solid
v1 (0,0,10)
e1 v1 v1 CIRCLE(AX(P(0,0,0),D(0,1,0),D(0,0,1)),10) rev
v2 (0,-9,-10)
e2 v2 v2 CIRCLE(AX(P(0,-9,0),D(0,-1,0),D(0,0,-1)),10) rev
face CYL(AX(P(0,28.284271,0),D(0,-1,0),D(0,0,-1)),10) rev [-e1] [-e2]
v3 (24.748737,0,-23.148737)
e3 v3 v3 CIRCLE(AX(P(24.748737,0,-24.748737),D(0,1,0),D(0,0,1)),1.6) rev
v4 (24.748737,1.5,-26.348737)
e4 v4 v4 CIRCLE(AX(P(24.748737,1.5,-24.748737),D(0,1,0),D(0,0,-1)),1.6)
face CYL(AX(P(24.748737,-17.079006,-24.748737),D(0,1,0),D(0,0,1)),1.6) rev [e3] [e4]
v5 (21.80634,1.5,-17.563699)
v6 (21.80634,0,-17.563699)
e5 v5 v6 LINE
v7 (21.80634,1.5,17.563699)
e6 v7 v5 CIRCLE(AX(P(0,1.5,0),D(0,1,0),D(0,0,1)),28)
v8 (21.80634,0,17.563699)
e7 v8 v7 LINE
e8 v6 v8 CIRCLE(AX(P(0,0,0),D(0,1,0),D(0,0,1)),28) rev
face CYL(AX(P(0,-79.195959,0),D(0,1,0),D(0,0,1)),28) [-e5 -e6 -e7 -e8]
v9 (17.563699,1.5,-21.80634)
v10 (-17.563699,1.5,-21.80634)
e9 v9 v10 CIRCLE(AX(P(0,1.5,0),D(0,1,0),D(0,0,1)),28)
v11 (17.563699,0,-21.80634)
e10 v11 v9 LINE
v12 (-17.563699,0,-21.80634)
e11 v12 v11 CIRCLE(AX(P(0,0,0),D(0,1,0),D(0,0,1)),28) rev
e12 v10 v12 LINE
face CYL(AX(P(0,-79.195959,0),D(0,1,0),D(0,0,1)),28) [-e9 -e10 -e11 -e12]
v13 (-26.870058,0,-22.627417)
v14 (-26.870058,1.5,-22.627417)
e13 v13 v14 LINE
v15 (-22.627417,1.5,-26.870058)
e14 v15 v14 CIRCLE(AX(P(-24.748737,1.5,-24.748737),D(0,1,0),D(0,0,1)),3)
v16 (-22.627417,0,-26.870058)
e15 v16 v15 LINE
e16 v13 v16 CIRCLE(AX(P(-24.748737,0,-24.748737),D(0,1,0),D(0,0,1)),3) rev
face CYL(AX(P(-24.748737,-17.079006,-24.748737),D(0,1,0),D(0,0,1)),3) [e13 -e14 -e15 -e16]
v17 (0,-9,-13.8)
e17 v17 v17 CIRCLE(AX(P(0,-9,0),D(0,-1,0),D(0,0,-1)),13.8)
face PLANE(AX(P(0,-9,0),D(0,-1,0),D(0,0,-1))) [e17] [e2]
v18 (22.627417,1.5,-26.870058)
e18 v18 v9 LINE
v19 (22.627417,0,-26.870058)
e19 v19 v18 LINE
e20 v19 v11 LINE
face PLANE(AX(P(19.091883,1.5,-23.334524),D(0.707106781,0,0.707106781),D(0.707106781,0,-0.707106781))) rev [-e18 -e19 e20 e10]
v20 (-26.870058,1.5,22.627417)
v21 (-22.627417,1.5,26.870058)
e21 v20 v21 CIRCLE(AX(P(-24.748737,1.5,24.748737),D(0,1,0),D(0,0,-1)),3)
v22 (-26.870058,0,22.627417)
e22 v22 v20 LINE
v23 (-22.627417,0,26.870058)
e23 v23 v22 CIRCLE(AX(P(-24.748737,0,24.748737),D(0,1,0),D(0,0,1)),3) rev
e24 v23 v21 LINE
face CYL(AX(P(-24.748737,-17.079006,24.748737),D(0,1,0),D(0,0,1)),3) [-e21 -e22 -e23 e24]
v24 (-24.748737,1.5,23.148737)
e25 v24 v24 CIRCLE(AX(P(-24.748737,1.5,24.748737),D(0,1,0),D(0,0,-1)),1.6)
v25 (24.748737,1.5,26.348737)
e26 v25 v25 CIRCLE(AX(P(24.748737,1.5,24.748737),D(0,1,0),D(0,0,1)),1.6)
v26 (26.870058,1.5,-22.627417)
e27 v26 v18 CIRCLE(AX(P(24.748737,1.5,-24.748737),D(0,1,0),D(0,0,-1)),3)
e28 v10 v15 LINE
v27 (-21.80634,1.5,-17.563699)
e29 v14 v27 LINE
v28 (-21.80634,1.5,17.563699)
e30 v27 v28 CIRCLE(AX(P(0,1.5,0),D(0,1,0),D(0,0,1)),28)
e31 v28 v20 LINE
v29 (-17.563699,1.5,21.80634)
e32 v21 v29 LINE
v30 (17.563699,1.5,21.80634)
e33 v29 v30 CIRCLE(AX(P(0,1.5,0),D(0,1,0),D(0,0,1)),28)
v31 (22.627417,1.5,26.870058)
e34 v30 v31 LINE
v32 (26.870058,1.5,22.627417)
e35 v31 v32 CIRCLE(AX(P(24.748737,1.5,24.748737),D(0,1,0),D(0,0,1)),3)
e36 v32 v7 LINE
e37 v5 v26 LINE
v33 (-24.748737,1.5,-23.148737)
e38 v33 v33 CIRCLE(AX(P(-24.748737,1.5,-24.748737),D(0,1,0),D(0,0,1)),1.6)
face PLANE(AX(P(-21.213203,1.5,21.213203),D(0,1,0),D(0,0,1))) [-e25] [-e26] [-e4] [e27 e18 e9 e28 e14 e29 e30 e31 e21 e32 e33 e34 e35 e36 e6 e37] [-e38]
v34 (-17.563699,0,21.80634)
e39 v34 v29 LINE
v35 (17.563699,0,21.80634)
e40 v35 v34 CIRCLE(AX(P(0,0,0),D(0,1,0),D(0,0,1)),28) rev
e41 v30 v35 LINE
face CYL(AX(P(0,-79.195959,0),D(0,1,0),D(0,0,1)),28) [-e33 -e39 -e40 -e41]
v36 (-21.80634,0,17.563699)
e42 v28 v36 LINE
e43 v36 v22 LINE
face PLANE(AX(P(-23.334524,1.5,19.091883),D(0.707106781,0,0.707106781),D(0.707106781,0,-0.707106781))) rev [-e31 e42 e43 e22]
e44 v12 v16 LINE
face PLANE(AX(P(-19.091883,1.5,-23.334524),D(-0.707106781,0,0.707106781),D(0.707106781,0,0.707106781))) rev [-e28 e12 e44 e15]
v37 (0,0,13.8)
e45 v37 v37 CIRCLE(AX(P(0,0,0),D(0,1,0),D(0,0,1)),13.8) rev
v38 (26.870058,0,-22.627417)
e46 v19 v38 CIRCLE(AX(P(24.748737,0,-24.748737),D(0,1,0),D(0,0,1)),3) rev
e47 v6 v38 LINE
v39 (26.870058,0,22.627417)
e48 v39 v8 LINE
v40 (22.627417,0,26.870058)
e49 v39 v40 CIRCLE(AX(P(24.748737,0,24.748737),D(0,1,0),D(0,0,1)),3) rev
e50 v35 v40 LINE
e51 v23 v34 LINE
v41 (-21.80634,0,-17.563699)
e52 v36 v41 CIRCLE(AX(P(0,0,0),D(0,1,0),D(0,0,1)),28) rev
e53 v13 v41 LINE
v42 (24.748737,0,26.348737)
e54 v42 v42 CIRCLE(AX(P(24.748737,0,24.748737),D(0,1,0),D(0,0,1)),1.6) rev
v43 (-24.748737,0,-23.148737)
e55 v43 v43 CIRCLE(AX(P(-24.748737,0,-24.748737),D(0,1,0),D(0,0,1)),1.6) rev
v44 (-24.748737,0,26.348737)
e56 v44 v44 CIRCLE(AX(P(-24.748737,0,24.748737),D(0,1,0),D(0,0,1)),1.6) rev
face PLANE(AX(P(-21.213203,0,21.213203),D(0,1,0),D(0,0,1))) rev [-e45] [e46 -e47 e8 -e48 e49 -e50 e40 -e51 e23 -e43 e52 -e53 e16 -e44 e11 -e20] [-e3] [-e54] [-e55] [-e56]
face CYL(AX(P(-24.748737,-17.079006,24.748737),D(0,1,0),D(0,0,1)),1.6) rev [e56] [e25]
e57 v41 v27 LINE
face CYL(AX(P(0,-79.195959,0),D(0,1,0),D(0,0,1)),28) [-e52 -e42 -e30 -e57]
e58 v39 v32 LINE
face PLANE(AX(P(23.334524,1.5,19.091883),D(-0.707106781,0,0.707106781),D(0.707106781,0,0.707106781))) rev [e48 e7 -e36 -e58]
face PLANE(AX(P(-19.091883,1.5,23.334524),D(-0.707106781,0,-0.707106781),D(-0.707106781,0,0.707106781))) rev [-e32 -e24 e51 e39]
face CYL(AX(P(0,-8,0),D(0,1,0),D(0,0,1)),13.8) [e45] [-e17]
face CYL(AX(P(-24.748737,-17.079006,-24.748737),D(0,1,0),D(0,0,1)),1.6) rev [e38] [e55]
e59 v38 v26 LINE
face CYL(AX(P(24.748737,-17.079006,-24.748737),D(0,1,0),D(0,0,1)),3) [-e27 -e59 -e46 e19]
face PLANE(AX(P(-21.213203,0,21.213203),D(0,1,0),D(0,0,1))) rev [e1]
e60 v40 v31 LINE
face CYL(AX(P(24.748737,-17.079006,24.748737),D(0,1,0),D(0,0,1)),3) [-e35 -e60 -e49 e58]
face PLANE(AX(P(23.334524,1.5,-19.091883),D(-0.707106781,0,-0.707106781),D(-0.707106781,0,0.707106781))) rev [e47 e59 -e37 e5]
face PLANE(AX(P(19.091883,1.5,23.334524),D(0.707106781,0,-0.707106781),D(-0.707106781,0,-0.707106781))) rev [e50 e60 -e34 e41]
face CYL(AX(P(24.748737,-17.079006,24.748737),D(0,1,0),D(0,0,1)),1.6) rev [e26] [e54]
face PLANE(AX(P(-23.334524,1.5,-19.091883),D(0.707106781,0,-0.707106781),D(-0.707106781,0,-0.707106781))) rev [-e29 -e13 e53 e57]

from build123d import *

# Parameters (mm, degrees)
SKETCH1_R                = 1.6
BOSS_EXTRUDE1_DEPTH      = 1.5
FILLET1_R                = 2
SKETCH2_R                = 4
BOSS_EXTRUDE2_DEPTH      = 5
SKETCH5_R                = 13.8
BOSS_EXTRUDE4_DEPTH      = 3
BOSS_EXTRUDE4_DEPTH_BACK = 5
SKETCH6_R                = 10
CUT_EXTRUDE2_DEPTH       = 8
SKETCH3_R                = 1.6
BOSS_EXTRUDE5_DEPTH      = 1.5
SKETCH7_R                = 13.8
SKETCH7_R_2              = 10
BOSS_EXTRUDE6_DEPTH      = 5
SKETCH8_R                = 13.8
CUT_EXTRUDE3_DEPTH       = 3
SKETCH9_R                = 13.8
CUT_EXTRUDE4_DEPTH       = 1
SKETCH10_R               = 28
BOSS_EXTRUDE7_DEPTH      = 1.5


with BuildPart() as part:
    # Sketch1 → Boss-Extrude1 (new body)
    with BuildSketch(Plane(origin=(0, 0, 0), x_dir=(1, 0, 0), z_dir=(0, 1, 0))):
        with BuildLine():
            Line((-23.334523779, -19.091883092), (-20.383302711, -16.140662024))
            ThreePointArc((-20.383302711, -16.140662024), (-26, 0), (-20.383302711, 16.140662024))
            Line((-20.383302711, 16.140662024), (-23.334523779, 19.091883092))
            ThreePointArc((-23.334523779, 19.091883092), (-23.334523779, 23.334523779), (-19.091883092, 23.334523779))
            Line((-19.091883092, 23.334523779), (-16.140662024, 20.383302711))
            ThreePointArc((-16.140662024, 20.383302711), (0, 26), (16.140662024, 20.383302711))
            Line((16.140662024, 20.383302711), (19.091883092, 23.334523779))
            ThreePointArc((19.091883092, 23.334523779), (23.334523779, 23.334523779), (23.334523779, 19.091883092))
            Line((23.334523779, 19.091883092), (20.383302711, 16.140662024))
            ThreePointArc((20.383302711, 16.140662024), (26, 0), (20.383302711, -16.140662024))
            Line((20.383302711, -16.140662024), (23.334523779, -19.091883092))
            ThreePointArc((23.334523779, -19.091883092), (23.334523779, -23.334523779), (19.091883092, -23.334523779))
            Line((19.091883092, -23.334523779), (16.140662024, -20.383302711))
            ThreePointArc((16.140662024, -20.383302711), (0, -26), (-16.140662024, -20.383302711))
            Line((-16.140662024, -20.383302711), (-19.091883092, -23.334523779))
            ThreePointArc((-19.091883092, -23.334523779), (-23.334523779, -23.334523779), (-23.334523779, -19.091883092))
        make_face()
        with Locations((-21.213203436, 21.213203436)):
            Circle(SKETCH1_R, mode=Mode.SUBTRACT)
        with Locations((21.213203436, 21.213203436)):
            Circle(SKETCH1_R, mode=Mode.SUBTRACT)
        with Locations((-21.213203436, -21.213203436)):
            Circle(SKETCH1_R, mode=Mode.SUBTRACT)
        with Locations((21.213203436, -21.213203436)):
            Circle(SKETCH1_R, mode=Mode.SUBTRACT)
    extrude(amount=BOSS_EXTRUDE1_DEPTH)

    # Fillet1
    fillet1_edges = [part.edges().sort_by_distance(p)[0] for p in [
        (-20.383302711, 0.75, -16.140662024),
        (-16.140662024, 0.75, -20.383302711),
        (16.140662024, 0.75, -20.383302711),
        (20.383302711, 0.75, -16.140662024),
        (20.383302711, 0.75, 16.140662024),
        (16.140662024, 0.75, 20.383302711),
        (-16.140662024, 0.75, 20.383302711),
    ]]
    fillet(fillet1_edges, radius=FILLET1_R)

    # Sketch2 → Boss-Extrude2 (add)
    with BuildSketch(Plane(origin=(0, 0, 0), x_dir=(-1, 0, 0), z_dir=(0, -1, 0))):
        Circle(SKETCH2_R)
    extrude(amount=BOSS_EXTRUDE2_DEPTH)

    # Sketch5 → Boss-Extrude4 (add, two sides)
    with BuildSketch(Plane(origin=(0, -5, 0), x_dir=(-1, 0, 0), z_dir=(0, -1, 0))) as boss_extrude4_sk:
        Circle(SKETCH5_R)
    extrude(amount=BOSS_EXTRUDE4_DEPTH)
    extrude(boss_extrude4_sk.sketch, amount=-BOSS_EXTRUDE4_DEPTH_BACK)

    # Sketch6 → Cut-Extrude2 (cut)
    with BuildSketch(Plane(origin=(0, -8, 0), x_dir=(-1, 0, 0), z_dir=(0, -1, 0))):
        Circle(SKETCH6_R)
    extrude(amount=-CUT_EXTRUDE2_DEPTH, mode=Mode.SUBTRACT)

    # Sketch3 → Boss-Extrude5 (add)
    with BuildSketch(Plane(origin=(0, 1.5, 0), x_dir=(1, 0, 0), z_dir=(0, 1, 0))):
        with BuildLine():
            Line((-26.870057685, 22.627416998), (-19.914697313, 15.672056626))
            Line((-19.914697313, 15.672056626), (-15.672056626, 19.914697313))
            Line((-15.672056626, 19.914697313), (-22.627416998, 26.870057685))
            ThreePointArc((-22.627416998, 26.870057685), (-26.870057685, 26.870057685), (-26.870057685, 22.627416998))
        make_face()
        with Locations((-24.748737342, 24.748737342)):
            Circle(SKETCH3_R, mode=Mode.SUBTRACT)
        with BuildLine():
            Line((15.672056626, 19.914697313), (19.914697313, 15.672056626))
            Line((19.914697313, 15.672056626), (26.870057685, 22.627416998))
            ThreePointArc((26.870057685, 22.627416998), (26.870057685, 26.870057685), (22.627416998, 26.870057685))
            Line((22.627416998, 26.870057685), (15.672056626, 19.914697313))
        make_face()
        with Locations((24.748737342, 24.748737342)):
            Circle(SKETCH3_R, mode=Mode.SUBTRACT)
        with BuildLine():
            Line((26.870057685, -22.627416998), (19.914697313, -15.672056626))
            Line((19.914697313, -15.672056626), (15.672056626, -19.914697313))
            Line((15.672056626, -19.914697313), (22.627416998, -26.870057685))
            ThreePointArc((22.627416998, -26.870057685), (26.870057685, -26.870057685), (26.870057685, -22.627416998))
        make_face()
        with Locations((24.748737342, -24.748737342)):
            Circle(SKETCH3_R, mode=Mode.SUBTRACT)
        with BuildLine():
            Line((-15.672056626, -19.914697313), (-19.914697313, -15.672056626))
            Line((-19.914697313, -15.672056626), (-26.870057685, -22.627416998))
            ThreePointArc((-26.870057685, -22.627416998), (-26.870057685, -26.870057685), (-22.627416998, -26.870057685))
            Line((-22.627416998, -26.870057685), (-15.672056626, -19.914697313))
        make_face()
        with Locations((-24.748737342, -24.748737342)):
            Circle(SKETCH3_R, mode=Mode.SUBTRACT)
    extrude(amount=-BOSS_EXTRUDE5_DEPTH)

    # Sketch7 → Boss-Extrude6 (add)
    with BuildSketch(Plane(origin=(0, -8, 0), x_dir=(-1, 0, 0), z_dir=(0, -1, 0))):
        Circle(SKETCH7_R)
        Circle(SKETCH7_R_2, mode=Mode.SUBTRACT)
    extrude(amount=BOSS_EXTRUDE6_DEPTH)

    # Sketch8 → Cut-Extrude3 (cut)
    with BuildSketch(Plane(origin=(0, -13, 0), x_dir=(-1, 0, 0), z_dir=(0, -1, 0))):
        Circle(SKETCH8_R)
    extrude(amount=-CUT_EXTRUDE3_DEPTH, mode=Mode.SUBTRACT)

    # Sketch9 → Cut-Extrude4 (cut)
    with BuildSketch(Plane(origin=(0, -10, 0), x_dir=(-1, 0, 0), z_dir=(0, -1, 0))):
        Circle(SKETCH9_R)
    extrude(amount=-CUT_EXTRUDE4_DEPTH, mode=Mode.SUBTRACT)

    # Sketch10 → Boss-Extrude7 (add)
    with BuildSketch(Plane(origin=(0, 1.5, 0), x_dir=(1, 0, 0), z_dir=(0, 1, 0))):
        Circle(SKETCH10_R)
    extrude(amount=-BOSS_EXTRUDE7_DEPTH)


solid = part.part
